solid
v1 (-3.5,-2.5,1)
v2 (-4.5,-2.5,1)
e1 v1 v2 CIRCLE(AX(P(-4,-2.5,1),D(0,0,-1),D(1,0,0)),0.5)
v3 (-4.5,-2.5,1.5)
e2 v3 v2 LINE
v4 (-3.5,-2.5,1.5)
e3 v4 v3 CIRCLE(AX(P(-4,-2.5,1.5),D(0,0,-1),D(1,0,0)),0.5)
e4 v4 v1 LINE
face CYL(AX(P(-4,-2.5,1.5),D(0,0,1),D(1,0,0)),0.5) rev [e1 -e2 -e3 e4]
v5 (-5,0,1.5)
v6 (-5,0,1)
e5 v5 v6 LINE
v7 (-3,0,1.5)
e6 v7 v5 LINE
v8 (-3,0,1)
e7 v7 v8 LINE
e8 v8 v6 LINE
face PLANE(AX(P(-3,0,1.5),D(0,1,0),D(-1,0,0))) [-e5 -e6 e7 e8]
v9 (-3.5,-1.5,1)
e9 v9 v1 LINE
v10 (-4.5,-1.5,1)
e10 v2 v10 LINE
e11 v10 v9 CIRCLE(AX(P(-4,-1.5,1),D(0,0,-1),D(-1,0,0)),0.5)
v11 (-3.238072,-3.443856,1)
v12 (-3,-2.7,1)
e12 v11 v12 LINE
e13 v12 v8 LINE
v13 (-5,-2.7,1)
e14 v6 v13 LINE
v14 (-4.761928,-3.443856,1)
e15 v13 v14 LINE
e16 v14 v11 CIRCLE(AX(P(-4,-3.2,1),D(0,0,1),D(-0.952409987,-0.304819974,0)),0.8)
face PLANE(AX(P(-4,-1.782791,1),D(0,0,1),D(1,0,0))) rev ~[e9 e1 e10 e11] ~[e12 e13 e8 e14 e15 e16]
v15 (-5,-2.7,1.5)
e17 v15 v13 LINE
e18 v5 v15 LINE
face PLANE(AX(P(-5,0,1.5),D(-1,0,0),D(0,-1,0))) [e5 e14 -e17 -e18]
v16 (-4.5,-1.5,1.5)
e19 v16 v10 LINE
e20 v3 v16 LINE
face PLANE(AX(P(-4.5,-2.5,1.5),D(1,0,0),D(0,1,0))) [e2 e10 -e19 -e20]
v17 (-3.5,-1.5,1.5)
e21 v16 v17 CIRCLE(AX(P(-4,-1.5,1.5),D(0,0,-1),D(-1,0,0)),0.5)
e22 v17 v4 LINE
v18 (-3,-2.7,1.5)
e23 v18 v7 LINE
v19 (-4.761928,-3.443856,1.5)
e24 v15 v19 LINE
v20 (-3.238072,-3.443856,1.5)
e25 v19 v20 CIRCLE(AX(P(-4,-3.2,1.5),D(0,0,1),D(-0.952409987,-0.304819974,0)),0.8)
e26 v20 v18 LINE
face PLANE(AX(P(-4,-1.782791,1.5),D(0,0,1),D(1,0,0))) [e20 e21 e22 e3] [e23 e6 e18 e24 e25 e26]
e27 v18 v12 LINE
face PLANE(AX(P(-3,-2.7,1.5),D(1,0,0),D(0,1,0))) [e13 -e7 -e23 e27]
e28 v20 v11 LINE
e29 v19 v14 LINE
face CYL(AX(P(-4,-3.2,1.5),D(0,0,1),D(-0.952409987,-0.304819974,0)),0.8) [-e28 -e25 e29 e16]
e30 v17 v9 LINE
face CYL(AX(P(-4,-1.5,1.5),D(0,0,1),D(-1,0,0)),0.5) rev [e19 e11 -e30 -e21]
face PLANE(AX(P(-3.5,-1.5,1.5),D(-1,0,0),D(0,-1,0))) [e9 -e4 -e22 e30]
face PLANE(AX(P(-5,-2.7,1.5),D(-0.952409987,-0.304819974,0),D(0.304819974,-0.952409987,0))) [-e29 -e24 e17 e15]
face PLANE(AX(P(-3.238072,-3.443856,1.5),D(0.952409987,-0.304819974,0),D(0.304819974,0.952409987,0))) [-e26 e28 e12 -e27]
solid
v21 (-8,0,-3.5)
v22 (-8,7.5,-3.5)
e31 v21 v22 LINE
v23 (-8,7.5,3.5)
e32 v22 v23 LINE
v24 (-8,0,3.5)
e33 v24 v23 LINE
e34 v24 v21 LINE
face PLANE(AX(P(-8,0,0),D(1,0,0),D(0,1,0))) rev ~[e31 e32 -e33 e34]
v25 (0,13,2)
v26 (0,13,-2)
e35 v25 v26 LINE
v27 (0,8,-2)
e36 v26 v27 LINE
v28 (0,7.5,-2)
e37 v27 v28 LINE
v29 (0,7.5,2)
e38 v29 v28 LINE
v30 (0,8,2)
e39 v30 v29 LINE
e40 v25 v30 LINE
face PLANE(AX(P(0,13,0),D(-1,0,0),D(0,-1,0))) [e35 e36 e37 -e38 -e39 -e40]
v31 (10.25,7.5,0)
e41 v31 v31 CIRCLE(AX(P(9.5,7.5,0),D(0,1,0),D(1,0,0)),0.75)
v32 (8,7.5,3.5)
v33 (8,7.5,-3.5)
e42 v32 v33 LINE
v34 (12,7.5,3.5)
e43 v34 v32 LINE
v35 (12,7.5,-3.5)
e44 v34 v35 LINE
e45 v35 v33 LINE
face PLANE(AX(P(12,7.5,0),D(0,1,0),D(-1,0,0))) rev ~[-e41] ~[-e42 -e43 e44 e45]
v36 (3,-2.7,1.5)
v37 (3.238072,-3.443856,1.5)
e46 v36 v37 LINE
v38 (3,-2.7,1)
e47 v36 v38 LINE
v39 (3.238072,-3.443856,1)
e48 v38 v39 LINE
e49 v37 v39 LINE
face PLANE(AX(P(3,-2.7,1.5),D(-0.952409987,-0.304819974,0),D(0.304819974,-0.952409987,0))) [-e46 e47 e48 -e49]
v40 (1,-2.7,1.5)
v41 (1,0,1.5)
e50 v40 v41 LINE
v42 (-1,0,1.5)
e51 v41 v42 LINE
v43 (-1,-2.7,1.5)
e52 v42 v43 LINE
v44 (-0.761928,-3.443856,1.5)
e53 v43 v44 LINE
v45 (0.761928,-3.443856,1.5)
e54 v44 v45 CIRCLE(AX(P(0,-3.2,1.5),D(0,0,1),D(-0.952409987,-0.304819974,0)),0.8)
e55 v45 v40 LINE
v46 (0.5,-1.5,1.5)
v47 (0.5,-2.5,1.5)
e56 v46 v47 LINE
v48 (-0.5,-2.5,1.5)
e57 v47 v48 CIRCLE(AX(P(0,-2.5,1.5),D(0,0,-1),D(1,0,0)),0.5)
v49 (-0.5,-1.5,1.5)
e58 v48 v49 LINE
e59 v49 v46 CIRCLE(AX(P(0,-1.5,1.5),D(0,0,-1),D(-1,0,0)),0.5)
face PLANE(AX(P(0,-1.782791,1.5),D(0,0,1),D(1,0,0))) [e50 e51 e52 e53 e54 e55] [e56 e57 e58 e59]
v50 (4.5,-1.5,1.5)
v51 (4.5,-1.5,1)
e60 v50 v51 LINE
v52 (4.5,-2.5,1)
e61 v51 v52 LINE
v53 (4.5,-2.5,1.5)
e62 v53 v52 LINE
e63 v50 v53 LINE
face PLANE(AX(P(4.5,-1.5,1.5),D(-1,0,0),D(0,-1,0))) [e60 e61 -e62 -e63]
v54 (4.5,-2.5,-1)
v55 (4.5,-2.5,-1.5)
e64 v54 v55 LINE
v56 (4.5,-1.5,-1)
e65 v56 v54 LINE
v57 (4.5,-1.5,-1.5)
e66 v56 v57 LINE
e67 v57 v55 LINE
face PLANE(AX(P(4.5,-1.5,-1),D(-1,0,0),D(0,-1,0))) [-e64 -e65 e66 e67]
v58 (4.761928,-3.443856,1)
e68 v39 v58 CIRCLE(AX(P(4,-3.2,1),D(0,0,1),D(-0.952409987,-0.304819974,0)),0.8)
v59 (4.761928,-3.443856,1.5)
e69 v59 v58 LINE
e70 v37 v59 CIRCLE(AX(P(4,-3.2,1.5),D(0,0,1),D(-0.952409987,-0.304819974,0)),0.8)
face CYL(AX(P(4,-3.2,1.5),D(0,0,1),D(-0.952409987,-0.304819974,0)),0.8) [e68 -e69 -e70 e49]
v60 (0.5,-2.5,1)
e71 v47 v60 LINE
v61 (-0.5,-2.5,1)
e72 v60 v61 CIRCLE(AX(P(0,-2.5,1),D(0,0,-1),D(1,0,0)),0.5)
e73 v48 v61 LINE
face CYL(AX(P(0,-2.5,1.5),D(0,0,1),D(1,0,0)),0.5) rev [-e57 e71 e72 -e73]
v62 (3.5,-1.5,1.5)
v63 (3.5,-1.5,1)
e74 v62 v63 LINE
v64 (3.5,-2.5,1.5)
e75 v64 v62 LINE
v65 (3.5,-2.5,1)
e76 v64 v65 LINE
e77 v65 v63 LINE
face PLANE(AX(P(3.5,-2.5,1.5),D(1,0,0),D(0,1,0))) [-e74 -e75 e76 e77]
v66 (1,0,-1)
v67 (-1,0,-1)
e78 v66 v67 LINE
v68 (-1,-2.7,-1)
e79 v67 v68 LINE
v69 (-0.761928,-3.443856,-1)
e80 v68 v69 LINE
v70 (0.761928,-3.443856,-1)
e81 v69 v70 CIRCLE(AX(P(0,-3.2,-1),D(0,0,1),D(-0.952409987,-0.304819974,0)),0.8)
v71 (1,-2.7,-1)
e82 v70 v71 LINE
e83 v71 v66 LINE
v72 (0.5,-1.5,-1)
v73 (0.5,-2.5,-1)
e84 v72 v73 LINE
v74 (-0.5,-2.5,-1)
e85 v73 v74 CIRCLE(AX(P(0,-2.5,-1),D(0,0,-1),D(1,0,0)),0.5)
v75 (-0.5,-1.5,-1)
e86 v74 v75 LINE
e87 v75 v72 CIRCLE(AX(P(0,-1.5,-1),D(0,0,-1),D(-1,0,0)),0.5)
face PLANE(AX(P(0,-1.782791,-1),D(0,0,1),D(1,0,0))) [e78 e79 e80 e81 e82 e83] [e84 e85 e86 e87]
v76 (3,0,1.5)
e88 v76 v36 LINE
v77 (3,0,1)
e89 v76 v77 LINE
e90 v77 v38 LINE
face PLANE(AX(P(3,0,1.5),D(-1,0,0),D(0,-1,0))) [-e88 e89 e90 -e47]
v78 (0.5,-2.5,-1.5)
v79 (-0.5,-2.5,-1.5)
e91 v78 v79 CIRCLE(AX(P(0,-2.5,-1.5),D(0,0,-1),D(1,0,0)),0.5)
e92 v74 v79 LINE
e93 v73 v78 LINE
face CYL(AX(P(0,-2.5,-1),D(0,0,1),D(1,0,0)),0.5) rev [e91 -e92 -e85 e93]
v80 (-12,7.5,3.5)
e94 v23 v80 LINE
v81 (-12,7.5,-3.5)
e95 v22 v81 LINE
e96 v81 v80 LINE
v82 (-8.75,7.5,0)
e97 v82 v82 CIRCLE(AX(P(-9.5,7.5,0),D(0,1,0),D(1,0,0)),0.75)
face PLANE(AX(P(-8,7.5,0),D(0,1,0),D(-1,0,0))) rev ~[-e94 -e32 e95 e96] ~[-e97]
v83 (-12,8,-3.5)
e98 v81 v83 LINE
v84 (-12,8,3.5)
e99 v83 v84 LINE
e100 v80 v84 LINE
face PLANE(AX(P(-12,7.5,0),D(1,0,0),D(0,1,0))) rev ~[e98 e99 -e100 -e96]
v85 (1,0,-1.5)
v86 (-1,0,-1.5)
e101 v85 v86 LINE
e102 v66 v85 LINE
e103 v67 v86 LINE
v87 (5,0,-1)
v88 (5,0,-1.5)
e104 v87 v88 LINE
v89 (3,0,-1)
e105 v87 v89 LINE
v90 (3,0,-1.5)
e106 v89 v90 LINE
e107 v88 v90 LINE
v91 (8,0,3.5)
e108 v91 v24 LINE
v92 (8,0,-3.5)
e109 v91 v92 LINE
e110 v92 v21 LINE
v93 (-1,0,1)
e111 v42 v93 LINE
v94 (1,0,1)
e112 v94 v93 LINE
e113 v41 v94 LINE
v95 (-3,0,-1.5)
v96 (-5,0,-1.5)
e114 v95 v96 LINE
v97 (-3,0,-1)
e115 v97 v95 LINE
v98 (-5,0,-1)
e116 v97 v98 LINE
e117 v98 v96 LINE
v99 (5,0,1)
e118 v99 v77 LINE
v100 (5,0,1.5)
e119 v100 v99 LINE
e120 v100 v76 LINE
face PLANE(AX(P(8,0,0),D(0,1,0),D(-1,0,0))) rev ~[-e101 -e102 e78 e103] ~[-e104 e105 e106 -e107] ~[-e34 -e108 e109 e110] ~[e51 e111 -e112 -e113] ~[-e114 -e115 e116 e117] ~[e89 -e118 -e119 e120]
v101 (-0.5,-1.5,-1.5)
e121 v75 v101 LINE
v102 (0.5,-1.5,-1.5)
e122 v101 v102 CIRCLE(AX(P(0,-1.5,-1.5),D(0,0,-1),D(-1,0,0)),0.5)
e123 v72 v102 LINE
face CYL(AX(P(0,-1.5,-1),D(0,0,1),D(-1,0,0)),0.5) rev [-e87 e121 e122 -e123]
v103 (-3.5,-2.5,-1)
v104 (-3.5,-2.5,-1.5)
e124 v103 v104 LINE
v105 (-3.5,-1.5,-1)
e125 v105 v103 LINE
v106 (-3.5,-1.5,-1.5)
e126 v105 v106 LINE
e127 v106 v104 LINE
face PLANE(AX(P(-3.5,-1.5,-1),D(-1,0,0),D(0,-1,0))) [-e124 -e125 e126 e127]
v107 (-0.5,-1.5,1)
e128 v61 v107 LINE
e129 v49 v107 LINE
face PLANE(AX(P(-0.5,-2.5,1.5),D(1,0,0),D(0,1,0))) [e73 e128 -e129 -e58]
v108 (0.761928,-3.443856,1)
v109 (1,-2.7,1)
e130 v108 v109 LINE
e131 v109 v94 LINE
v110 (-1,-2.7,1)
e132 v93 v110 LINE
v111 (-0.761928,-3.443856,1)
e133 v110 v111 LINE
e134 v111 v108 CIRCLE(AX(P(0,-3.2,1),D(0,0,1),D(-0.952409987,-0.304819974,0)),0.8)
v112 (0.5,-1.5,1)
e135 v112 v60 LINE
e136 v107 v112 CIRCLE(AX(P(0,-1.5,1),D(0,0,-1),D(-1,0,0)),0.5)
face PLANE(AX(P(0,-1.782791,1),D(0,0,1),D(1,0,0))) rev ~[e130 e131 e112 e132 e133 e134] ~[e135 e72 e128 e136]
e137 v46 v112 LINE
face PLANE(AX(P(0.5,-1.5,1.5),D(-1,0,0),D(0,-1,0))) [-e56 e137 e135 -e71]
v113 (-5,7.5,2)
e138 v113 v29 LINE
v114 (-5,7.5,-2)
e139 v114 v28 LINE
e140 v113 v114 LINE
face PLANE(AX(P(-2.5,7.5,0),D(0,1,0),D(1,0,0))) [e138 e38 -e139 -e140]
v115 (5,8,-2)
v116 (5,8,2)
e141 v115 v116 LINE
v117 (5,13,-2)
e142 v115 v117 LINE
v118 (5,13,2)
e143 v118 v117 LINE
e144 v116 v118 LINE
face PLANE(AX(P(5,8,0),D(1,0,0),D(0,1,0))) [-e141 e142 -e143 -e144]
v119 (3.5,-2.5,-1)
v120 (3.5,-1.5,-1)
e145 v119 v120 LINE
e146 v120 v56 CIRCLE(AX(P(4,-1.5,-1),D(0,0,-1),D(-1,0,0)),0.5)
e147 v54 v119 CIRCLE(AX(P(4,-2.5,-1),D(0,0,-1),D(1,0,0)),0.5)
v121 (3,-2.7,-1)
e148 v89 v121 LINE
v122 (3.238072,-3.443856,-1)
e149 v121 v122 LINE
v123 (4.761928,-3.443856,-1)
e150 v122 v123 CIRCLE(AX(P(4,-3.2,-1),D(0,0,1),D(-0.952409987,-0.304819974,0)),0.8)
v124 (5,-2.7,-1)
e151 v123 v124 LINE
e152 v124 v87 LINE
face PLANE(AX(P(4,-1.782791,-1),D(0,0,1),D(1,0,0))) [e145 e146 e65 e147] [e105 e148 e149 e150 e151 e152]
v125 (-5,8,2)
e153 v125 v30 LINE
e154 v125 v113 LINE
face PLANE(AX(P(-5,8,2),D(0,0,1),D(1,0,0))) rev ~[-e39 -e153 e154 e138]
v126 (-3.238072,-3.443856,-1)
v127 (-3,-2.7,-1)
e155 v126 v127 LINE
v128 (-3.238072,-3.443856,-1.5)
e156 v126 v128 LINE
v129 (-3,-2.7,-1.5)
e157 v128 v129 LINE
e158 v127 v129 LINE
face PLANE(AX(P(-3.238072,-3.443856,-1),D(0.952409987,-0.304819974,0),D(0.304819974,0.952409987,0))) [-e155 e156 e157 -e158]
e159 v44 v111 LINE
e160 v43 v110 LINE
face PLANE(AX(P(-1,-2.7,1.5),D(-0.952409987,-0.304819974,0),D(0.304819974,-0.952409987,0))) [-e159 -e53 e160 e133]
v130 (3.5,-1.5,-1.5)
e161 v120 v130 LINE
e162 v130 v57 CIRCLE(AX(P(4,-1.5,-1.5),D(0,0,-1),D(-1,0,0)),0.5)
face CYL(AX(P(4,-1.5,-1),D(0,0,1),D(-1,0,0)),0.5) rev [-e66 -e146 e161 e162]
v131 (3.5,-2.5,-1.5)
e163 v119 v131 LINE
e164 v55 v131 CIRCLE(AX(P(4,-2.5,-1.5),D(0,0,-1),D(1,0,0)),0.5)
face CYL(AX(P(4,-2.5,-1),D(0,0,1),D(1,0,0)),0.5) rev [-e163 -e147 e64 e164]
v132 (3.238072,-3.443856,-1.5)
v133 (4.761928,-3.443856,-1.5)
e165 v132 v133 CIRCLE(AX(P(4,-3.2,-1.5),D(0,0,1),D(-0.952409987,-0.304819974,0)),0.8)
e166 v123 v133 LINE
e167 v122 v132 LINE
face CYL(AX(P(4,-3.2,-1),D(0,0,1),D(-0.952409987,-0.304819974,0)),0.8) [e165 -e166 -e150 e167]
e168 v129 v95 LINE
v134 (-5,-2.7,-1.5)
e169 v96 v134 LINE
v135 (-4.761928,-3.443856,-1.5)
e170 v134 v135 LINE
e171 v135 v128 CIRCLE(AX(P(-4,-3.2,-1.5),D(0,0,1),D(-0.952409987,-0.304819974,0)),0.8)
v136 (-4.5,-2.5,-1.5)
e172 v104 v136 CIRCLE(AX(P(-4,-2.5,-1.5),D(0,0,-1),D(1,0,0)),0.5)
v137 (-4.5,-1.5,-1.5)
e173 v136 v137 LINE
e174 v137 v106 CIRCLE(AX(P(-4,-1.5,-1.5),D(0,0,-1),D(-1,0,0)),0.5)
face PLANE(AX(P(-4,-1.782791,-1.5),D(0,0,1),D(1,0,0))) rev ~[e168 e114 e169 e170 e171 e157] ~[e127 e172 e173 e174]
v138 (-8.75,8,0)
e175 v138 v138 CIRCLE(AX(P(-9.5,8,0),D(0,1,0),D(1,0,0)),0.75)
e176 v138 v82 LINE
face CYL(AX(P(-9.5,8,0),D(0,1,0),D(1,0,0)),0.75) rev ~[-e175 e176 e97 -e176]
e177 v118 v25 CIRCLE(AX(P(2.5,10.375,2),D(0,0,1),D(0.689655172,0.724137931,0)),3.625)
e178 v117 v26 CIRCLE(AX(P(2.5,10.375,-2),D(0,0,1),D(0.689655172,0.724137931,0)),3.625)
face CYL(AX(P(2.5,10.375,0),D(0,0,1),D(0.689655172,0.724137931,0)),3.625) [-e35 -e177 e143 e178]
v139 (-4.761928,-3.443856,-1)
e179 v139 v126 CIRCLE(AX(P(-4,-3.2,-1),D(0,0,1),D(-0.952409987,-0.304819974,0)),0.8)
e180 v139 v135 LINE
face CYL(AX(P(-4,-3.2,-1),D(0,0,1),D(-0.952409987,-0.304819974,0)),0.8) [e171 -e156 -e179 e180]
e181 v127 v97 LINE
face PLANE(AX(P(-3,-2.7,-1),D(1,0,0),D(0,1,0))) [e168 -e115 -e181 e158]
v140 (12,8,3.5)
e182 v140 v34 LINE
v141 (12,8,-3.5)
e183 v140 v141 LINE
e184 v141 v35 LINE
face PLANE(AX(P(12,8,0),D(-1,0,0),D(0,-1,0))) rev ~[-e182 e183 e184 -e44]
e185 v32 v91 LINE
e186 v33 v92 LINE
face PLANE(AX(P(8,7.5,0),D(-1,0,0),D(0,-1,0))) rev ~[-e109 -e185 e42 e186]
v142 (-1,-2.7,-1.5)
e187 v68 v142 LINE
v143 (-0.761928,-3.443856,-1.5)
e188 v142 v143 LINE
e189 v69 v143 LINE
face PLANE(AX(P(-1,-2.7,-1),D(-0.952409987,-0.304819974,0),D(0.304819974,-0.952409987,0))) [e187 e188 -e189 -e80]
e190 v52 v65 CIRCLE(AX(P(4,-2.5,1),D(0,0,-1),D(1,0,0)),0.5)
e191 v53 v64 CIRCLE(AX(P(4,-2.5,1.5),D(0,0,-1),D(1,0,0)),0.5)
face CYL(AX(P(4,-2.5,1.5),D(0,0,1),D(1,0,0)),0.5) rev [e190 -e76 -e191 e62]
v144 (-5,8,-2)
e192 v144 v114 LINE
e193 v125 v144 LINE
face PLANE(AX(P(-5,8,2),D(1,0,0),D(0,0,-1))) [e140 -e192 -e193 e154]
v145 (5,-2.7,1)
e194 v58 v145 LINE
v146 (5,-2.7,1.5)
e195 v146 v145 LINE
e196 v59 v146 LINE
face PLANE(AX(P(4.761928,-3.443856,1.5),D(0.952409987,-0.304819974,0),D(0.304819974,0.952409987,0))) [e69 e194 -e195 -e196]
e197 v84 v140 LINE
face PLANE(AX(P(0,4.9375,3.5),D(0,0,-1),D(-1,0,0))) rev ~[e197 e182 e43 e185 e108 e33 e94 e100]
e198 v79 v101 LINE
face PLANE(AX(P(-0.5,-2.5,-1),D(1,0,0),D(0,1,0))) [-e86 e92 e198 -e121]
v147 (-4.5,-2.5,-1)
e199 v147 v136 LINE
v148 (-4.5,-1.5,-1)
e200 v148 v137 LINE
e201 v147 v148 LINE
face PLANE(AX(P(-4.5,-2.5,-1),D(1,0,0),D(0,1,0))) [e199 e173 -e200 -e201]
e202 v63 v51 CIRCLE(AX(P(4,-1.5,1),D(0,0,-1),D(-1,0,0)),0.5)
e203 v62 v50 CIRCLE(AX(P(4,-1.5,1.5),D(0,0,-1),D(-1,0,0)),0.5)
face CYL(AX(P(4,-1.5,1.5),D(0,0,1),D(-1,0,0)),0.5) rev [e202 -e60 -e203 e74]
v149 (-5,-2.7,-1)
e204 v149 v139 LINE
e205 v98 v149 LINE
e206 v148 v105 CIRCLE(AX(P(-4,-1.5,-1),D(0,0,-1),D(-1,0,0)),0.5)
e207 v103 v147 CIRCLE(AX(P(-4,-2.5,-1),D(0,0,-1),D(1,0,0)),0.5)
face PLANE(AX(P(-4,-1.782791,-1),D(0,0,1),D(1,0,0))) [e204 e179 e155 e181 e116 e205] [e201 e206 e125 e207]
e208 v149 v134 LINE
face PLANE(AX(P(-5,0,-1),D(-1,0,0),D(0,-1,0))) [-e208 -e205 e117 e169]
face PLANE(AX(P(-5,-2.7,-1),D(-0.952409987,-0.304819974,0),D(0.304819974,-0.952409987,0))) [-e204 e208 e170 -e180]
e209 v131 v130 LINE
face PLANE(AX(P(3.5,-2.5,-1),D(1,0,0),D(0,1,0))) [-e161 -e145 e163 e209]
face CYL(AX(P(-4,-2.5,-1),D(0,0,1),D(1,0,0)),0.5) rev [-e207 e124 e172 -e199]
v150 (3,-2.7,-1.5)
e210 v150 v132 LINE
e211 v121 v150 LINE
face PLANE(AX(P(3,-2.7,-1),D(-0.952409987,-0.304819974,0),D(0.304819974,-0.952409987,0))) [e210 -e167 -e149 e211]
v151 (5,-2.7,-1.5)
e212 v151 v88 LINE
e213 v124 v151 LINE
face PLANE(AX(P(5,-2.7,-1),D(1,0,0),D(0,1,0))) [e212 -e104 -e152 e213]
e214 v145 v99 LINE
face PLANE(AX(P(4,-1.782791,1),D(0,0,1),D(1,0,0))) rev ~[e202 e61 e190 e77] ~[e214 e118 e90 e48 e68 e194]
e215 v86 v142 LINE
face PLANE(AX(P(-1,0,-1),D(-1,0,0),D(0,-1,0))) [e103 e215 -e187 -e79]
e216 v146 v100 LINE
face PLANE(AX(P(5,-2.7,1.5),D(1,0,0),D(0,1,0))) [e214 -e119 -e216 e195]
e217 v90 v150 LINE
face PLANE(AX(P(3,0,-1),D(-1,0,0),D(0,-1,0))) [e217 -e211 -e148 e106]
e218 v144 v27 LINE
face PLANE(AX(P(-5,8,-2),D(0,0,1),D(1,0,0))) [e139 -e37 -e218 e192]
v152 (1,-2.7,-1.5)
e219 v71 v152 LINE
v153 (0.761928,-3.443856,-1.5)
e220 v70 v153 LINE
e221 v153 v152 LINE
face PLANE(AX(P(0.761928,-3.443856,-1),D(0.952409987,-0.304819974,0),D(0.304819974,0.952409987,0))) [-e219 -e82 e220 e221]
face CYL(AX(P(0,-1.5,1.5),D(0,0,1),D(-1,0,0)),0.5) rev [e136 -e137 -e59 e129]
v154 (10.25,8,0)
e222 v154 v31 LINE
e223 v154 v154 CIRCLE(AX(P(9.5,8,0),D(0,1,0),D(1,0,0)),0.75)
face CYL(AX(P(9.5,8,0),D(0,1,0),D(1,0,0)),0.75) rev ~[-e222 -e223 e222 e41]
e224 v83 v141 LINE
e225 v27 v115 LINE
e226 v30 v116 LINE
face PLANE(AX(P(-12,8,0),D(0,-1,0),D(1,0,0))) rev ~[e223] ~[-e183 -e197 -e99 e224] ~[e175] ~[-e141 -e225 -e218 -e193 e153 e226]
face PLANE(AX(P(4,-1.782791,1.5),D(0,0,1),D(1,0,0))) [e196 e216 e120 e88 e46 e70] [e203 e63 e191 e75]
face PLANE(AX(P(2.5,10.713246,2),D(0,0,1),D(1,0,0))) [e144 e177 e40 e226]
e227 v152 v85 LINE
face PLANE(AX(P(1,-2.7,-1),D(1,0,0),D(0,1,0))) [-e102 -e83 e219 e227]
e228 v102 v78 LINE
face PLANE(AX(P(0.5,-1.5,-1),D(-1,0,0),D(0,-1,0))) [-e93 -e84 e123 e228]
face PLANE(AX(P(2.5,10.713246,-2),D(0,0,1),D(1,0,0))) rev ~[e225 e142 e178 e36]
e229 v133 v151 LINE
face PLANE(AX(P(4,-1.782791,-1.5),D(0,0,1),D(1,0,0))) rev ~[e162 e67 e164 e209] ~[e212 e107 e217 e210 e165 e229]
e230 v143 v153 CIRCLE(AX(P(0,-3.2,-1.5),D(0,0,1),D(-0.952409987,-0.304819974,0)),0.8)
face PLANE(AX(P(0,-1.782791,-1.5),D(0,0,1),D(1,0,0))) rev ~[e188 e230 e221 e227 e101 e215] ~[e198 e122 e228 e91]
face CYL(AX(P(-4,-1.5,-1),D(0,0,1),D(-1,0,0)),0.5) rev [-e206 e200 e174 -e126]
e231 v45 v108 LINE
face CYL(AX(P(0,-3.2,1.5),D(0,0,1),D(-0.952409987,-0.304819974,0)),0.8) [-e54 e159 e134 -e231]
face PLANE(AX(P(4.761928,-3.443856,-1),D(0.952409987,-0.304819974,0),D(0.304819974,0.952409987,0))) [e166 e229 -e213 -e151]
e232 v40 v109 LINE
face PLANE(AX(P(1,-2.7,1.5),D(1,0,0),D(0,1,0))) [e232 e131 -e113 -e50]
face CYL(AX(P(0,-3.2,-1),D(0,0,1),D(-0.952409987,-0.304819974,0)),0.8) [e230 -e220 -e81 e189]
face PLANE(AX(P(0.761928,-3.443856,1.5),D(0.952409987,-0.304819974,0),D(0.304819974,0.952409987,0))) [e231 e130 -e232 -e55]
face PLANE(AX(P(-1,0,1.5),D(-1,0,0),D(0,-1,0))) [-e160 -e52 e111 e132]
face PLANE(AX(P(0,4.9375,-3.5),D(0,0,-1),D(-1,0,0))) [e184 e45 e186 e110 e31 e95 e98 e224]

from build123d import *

# Parameters (mm, degrees)
AUFSATZ_LINEAR_AUSTRAGEN1_DEPTH = 3.5
AUFSATZ_LINEAR_AUSTRAGEN2_DEPTH = 2
AUFSATZ_LINEAR_START            = -2
AUFSATZ_LINEAR_AUSTRAGEN3_DEPTH = 0.5
LINEARES_MUSTER1_COUNT          = 3
LINEARES_MUSTER1_PITCH          = 4
LINEARES_MUSTER1_COUNT_DIR2     = 2
LINEARES_MUSTER1_PITCH_DIR2     = 2.5
SKIZZE3_R                       = 0.75
SCHNITT_LINEAR_AUSTRAGEN1_DEPTH = 18.327723451
SKIZZE4_W                       = 5
SKIZZE4_H                       = 4
SCHNITT_LINEAR_AUSTRAGEN2_DEPTH = 0.5


with BuildPart() as part:
    # Skizze1 → Aufsatz-Linear austragen1 (new, symmetric)
    with BuildSketch(Plane.XY):
        Polygon((-12, 8), (-12, 7.5), (-8, 7.5), (-8, 0), (8, 0), (8, 7.5), (12, 7.5), (12, 8), align=None)
    extrude(amount=AUFSATZ_LINEAR_AUSTRAGEN1_DEPTH, both=True)

    # Skizze1<3> → Aufsatz-Linear austragen2 (add, symmetric)
    with BuildSketch(Plane.XY):
        with BuildLine():
            Line((0, 13), (0, 8))
            Line((0, 8), (5, 8))
            Line((5, 8), (5, 13))
            ThreePointArc((5, 13), (2.5, 14), (0, 13))
        make_face()
    extrude(amount=AUFSATZ_LINEAR_AUSTRAGEN2_DEPTH, both=True)


with BuildPart() as body_2:
    # Skizze2 → Aufsatz-Linear austragen3 (new body)
    with BuildSketch(Plane.XY.offset(3.5).offset(AUFSATZ_LINEAR_START)):
        with BuildLine():
            Line((-5, 0), (-5, -2.7))
            Line((-5, -2.7), (-4.76192799, -3.443855979))
            ThreePointArc((-4.76192799, -3.443855979), (-4, -4), (-3.23807201, -3.443855979))
            Line((-3.23807201, -3.443855979), (-3, -2.7))
            Line((-3, -2.7), (-3, 0))
            Line((-3, 0), (-5, 0))
        make_face()
        with BuildLine():
            Line((-3.5, -1.5), (-3.5, -2.5))
            ThreePointArc((-3.5, -2.5), (-4, -3), (-4.5, -2.5))
            Line((-4.5, -2.5), (-4.5, -1.5))
            ThreePointArc((-4.5, -1.5), (-4, -1), (-3.5, -1.5))
        make_face(mode=Mode.SUBTRACT)
    aufsatz_linear_austragen3 = extrude(amount=-AUFSATZ_LINEAR_AUSTRAGEN3_DEPTH)


with BuildPart() as part_1:
    add(part.part)

    # Lineares Muster1: Aufsatz-Linear austragen3 3 × 2
    with Locations(*[(i * LINEARES_MUSTER1_PITCH, 0, -j * LINEARES_MUSTER1_PITCH_DIR2) for i in range(LINEARES_MUSTER1_COUNT) for j in range(LINEARES_MUSTER1_COUNT_DIR2) if (i, j) != (0, 0)]):
        add(aufsatz_linear_austragen3)

    # Skizze3 → Schnitt-Linear austragen1 (cut, through all)
    with BuildSketch(Plane(origin=(0, 8, 0), x_dir=(1, 0, 0), z_dir=(0, 1, 0))):
        with Locations((-9.5, 0)):
            Circle(SKIZZE3_R)
        with Locations((9.5, 0)):
            Circle(SKIZZE3_R)
    extrude(amount=-SCHNITT_LINEAR_AUSTRAGEN1_DEPTH, mode=Mode.SUBTRACT)

    # Skizze4 → Schnitt-Linear austragen2 (cut)
    with BuildSketch(Plane(origin=(0, 8, 0), x_dir=(1, 0, 0), z_dir=(0, 1, 0))):
        with Locations((-2.5, 0)):
            Rectangle(SKIZZE4_W, SKIZZE4_H)
    extrude(amount=-SCHNITT_LINEAR_AUSTRAGEN2_DEPTH, mode=Mode.SUBTRACT)


solid = Compound([body_2.part, part_1.part])
